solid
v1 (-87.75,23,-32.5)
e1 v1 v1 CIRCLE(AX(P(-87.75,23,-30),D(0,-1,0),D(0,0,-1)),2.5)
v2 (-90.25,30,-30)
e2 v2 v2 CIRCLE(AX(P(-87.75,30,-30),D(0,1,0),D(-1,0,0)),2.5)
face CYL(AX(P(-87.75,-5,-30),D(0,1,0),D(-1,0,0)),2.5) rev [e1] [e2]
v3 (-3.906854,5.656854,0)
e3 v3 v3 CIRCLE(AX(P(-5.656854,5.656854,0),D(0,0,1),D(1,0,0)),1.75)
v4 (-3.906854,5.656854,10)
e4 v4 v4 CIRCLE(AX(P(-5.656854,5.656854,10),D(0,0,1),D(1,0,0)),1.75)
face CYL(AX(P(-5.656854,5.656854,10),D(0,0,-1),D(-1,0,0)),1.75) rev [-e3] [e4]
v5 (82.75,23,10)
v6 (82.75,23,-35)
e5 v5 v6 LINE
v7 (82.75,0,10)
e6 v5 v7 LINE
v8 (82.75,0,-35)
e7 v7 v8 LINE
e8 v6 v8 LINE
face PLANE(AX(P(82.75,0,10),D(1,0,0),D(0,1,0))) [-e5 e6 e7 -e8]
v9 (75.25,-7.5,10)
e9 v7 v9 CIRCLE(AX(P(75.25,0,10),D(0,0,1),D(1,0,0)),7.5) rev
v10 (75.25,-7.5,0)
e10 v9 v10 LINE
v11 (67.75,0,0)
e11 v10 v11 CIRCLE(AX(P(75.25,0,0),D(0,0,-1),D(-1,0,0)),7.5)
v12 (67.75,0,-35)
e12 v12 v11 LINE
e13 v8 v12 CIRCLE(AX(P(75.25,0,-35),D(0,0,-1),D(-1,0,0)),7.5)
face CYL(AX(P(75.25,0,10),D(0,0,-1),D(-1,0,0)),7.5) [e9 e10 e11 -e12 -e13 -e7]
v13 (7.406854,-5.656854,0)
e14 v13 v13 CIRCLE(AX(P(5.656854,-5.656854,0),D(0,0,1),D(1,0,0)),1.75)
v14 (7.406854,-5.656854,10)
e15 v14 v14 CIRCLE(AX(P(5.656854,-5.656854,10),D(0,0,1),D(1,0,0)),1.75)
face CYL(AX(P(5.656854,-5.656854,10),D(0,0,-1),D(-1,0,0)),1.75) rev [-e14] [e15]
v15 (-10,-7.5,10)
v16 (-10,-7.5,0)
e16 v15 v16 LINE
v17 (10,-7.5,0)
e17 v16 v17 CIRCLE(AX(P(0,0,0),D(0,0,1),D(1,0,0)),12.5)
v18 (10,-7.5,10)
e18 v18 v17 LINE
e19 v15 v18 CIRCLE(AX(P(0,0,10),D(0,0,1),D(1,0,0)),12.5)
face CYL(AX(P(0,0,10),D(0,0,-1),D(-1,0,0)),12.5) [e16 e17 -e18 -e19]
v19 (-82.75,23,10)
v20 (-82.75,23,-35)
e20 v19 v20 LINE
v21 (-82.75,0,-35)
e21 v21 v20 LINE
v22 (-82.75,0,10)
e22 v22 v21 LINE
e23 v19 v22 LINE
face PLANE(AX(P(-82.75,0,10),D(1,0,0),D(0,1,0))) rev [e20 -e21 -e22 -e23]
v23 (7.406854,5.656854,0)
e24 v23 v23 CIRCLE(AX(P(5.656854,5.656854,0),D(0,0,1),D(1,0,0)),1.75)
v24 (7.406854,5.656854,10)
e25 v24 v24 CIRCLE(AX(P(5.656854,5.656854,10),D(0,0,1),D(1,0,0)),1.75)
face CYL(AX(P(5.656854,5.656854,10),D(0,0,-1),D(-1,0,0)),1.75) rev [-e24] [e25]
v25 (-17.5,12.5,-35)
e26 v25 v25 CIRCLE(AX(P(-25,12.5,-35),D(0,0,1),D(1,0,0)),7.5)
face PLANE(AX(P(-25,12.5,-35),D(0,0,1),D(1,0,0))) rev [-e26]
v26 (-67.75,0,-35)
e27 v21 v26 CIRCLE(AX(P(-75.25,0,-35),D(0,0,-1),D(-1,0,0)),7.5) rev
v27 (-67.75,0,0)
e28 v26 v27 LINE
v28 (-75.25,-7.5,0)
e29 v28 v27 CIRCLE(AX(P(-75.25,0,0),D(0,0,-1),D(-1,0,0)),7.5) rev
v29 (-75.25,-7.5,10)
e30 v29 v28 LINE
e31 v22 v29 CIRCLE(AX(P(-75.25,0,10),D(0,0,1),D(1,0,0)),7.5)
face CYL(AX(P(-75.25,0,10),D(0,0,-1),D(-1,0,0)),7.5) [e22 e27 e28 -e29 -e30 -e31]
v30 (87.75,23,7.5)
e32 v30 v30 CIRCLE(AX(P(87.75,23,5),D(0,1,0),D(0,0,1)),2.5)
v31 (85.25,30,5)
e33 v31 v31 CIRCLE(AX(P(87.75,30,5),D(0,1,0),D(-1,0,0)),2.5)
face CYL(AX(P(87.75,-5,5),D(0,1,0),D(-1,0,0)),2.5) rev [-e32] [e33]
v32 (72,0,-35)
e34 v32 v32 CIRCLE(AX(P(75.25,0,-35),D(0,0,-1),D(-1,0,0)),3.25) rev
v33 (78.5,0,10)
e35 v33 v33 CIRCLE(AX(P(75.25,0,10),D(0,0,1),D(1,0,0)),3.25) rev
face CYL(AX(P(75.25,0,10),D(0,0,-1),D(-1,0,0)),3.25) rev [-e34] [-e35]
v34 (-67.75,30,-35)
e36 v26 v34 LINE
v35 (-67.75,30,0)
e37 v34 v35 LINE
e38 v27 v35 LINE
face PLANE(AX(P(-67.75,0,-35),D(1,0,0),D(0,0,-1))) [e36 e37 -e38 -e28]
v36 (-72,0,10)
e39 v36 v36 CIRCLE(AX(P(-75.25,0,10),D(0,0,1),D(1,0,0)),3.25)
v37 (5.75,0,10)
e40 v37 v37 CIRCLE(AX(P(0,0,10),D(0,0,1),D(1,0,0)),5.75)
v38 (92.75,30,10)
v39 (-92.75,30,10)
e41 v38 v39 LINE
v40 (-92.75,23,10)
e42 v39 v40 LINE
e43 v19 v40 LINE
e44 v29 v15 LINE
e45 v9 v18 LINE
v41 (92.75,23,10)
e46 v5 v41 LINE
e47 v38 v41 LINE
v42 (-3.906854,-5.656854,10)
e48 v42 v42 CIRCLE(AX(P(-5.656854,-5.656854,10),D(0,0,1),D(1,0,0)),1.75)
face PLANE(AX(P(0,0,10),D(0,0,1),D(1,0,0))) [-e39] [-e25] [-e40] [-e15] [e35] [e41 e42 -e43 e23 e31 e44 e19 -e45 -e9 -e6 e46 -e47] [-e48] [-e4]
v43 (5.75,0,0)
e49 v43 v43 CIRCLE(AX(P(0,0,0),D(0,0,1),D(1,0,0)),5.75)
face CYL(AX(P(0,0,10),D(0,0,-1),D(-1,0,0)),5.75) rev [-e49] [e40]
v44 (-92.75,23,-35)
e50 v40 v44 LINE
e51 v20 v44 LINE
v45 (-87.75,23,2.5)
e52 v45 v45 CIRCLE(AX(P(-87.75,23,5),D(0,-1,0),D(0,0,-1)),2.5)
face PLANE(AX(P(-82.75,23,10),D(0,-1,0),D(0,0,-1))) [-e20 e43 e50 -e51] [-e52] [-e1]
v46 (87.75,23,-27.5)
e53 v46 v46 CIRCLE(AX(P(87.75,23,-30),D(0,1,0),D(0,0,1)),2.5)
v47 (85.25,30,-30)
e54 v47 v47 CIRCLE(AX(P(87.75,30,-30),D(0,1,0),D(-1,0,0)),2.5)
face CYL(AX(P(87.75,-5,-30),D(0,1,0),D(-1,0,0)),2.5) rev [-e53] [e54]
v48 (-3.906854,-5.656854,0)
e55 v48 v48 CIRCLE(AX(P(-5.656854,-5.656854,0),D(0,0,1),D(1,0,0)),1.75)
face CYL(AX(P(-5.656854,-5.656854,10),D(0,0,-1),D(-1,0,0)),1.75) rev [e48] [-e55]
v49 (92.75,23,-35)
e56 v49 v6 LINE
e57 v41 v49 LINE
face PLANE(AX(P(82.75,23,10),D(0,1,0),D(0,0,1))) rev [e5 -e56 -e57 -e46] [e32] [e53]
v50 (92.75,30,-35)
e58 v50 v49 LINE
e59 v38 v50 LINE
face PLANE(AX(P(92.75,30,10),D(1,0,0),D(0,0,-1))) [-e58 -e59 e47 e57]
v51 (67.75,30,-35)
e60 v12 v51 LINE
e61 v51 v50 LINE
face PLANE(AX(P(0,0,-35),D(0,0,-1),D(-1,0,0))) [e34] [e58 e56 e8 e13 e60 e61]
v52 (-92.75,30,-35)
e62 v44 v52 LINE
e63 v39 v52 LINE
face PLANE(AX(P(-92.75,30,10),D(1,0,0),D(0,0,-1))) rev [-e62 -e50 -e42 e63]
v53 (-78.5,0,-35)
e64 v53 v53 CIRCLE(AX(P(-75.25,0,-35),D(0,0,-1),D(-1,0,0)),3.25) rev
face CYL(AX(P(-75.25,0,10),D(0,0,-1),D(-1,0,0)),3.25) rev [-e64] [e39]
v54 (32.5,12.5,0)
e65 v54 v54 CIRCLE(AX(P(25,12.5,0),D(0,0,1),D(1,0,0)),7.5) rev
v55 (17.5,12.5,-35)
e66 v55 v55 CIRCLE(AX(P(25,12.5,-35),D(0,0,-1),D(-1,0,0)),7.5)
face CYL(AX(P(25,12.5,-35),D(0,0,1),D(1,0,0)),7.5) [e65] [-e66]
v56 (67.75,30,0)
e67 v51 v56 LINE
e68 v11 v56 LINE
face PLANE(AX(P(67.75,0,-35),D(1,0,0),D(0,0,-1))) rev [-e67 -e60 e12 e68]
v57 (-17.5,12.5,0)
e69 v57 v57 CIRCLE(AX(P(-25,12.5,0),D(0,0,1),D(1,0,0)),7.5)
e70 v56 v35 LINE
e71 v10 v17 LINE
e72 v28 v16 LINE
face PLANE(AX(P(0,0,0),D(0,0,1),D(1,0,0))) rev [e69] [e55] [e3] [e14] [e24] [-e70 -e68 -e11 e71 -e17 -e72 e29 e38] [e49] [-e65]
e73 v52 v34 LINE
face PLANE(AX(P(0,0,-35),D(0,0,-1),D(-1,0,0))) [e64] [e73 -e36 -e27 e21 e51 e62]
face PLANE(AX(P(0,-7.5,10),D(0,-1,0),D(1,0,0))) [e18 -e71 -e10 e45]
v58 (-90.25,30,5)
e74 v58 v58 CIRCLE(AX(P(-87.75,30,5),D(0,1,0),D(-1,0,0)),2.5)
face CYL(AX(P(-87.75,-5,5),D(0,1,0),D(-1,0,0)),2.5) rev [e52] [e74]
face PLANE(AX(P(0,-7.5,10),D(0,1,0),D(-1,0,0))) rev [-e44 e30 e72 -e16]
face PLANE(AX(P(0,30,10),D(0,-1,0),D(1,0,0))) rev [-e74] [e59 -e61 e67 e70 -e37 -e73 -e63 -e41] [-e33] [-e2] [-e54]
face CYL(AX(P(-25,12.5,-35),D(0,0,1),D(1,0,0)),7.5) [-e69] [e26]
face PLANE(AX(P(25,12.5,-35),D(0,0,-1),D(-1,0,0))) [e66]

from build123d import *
from build123d.topology import SkipClean

# Parameters (mm, degrees)
SKETCH1_R           = 12.5
SKETCH1_R_2         = 1.75
SKETCH1_R_3         = 5.75
SKETCH1_R_4         = 7.5
SKETCH1_R_5         = 3.25
SKETCH1_W           = 10
SKETCH1_H           = 7
BOSS_EXTRUDE1_DEPTH = 10
BOSS_EXTRUDE2_START = 35
SKETCH2_R           = 3.25
SKETCH2_R_2         = 7.5
BOSS_EXTRUDE2_DEPTH = 35
SKETCH3_R           = 2.5
CUT_EXTRUDE1_DEPTH  = 35


with BuildPart() as part:
    # Sketch1 → Boss-Extrude1 (new body)
    # profile 1 of 8: a face of its own
    with BuildSketch(Plane.XY):
        with BuildLine():
            Line((-12.5, 30), (-12.5, 0))
            ThreePointArc((-12.5, 0), (0, 12.5), (12.5, 0))
            Line((12.5, 0), (12.5, 30))
            Line((12.5, 30), (-12.5, 30))
        make_face()
    # profile 2 of 8: a face of its own
    with BuildSketch(Plane.XY):
        Circle(SKETCH1_R)
        with Locations((-5.656854249, -5.656854249)):
            Circle(SKETCH1_R_2, mode=Mode.SUBTRACT)
        with Locations((5.656854249, -5.656854249)):
            Circle(SKETCH1_R_2, mode=Mode.SUBTRACT)
        with Locations((5.656854249, 5.656854249)):
            Circle(SKETCH1_R_2, mode=Mode.SUBTRACT)
        with Locations((-5.656854249, 5.656854249)):
            Circle(SKETCH1_R_2, mode=Mode.SUBTRACT)
        Circle(SKETCH1_R_3, mode=Mode.SUBTRACT)
    # profile 3 of 8: a face of its own
    with BuildSketch(Plane.XY):
        with Locations((-75.25, 0)):
            Circle(SKETCH1_R_4)
        with Locations((-75.25, 0)):
            Circle(SKETCH1_R_5, mode=Mode.SUBTRACT)
    # profile 4 of 8: a face of its own
    with BuildSketch(Plane.XY):
        with Locations((75.25, 0)):
            Circle(SKETCH1_R_4)
        with Locations((75.25, 0)):
            Circle(SKETCH1_R_5, mode=Mode.SUBTRACT)
    # profile 5 of 8: a face of its own
    with BuildSketch(Plane.XY):
        with BuildLine():
            Line((12.5, 30), (12.5, 0))
            ThreePointArc((12.5, 0), (11.858541226, -3.952847075), (10, -7.5))
            Line((10, -7.5), (75.25, -7.5))
            ThreePointArc((75.25, -7.5), (69.946699141, 5.303300859), (82.75, 0))
            Line((82.75, 0), (82.75, 23))
            Line((82.75, 23), (82.75, 30))
            Line((82.75, 30), (12.5, 30))
        make_face()
    # profile 6 of 8: a face of its own
    with BuildSketch(Plane.XY):
        with BuildLine():
            ThreePointArc((-10, -7.5), (-11.858541226, -3.952847075), (-12.5, 0))
            Line((-12.5, 0), (-12.5, 30))
            Line((-12.5, 30), (-82.75, 30))
            Line((-82.75, 30), (-82.75, 23))
            Line((-82.75, 23), (-82.75, 0))
            ThreePointArc((-82.75, 0), (-75.25, 7.5), (-67.75, 0))
            ThreePointArc((-67.75, 0), (-69.946699141, -5.303300859), (-75.25, -7.5))
            Line((-75.25, -7.5), (-10, -7.5))
        make_face()
    # profile 7 of 8: a face of its own
    with BuildSketch(Plane.XY):
        with Locations((-87.75, 26.5)):
            Rectangle(SKETCH1_W, SKETCH1_H)
    # profile 8 of 8: a face of its own
    with BuildSketch(Plane.XY):
        with Locations((87.75, 26.5)):
            Rectangle(SKETCH1_W, SKETCH1_H)
    extrude(amount=BOSS_EXTRUDE1_DEPTH)

    # Sketch2 → Boss-Extrude2 (add)
    # profile 1 of 4: a face of its own
    with SkipClean():  # the faces are left unmerged after this step: merging them gives an invalid solid
        with BuildSketch(Plane(origin=(0, 0, 0), x_dir=(-1, 0, 0), z_dir=(0, 0, -1)).offset(BOSS_EXTRUDE2_START)):
            with BuildLine():
                Line((-82.75, 23), (-82.75, 0))
                ThreePointArc((-82.75, 0), (-75.25, -7.5), (-67.75, 0))
                Line((-67.75, 0), (-67.75, 30))
                Line((-67.75, 30), (-92.75, 30))
                Line((-92.75, 30), (-92.75, 23))
                Line((-92.75, 23), (-82.75, 23))
            make_face()
            with Locations((-75.25, 0)):
                Circle(SKETCH2_R, mode=Mode.SUBTRACT)
        # profile 2 of 4: a face of its own
        with BuildSketch(Plane(origin=(0, 0, 0), x_dir=(-1, 0, 0), z_dir=(0, 0, -1)).offset(BOSS_EXTRUDE2_START)):
            with BuildLine():
                Line((92.75, 30), (67.75, 30))
                Line((67.75, 30), (67.75, 0))
                ThreePointArc((67.75, 0), (75.25, -7.5), (82.75, 0))
                Line((82.75, 0), (82.75, 23))
                Line((82.75, 23), (92.75, 23))
                Line((92.75, 23), (92.75, 30))
            make_face()
            with Locations((75.25, 0)):
                Circle(SKETCH2_R, mode=Mode.SUBTRACT)
        # profile 3 of 4: a face of its own
        with BuildSketch(Plane(origin=(0, 0, 0), x_dir=(-1, 0, 0), z_dir=(0, 0, -1)).offset(BOSS_EXTRUDE2_START)):
            with Locations(Location((-25, 12.5, 0), (0, 0, 180))):
                Circle(SKETCH2_R_2)
        # profile 4 of 4: a face of its own
        with BuildSketch(Plane(origin=(0, 0, 0), x_dir=(-1, 0, 0), z_dir=(0, 0, -1)).offset(BOSS_EXTRUDE2_START)):
            with Locations(Location((25, 12.5, 0), (0, 0, 180))):
                Circle(SKETCH2_R_2)
        extrude(amount=-BOSS_EXTRUDE2_DEPTH)

    # Sketch3 → Cut-Extrude1 (cut)
    with SkipClean():  # the faces are left unmerged after this step: merging them gives an invalid solid
        with BuildSketch(Plane(origin=(0, 30, 0), x_dir=(1, 0, 0), z_dir=(0, 1, 0))):
            with Locations(Location((-87.75, 30, 0), (0, 0, 180))):
                Circle(SKETCH3_R)
            with Locations(Location((-87.75, -5, 0), (0, 0, 180))):
                Circle(SKETCH3_R)
            with Locations(Location((87.75, 30, 0), (0, 0, 180))):
                Circle(SKETCH3_R)
            with Locations(Location((87.75, -5, 0), (0, 0, 180))):
                Circle(SKETCH3_R)
        extrude(amount=-CUT_EXTRUDE1_DEPTH, mode=Mode.SUBTRACT)


solid = part.part
